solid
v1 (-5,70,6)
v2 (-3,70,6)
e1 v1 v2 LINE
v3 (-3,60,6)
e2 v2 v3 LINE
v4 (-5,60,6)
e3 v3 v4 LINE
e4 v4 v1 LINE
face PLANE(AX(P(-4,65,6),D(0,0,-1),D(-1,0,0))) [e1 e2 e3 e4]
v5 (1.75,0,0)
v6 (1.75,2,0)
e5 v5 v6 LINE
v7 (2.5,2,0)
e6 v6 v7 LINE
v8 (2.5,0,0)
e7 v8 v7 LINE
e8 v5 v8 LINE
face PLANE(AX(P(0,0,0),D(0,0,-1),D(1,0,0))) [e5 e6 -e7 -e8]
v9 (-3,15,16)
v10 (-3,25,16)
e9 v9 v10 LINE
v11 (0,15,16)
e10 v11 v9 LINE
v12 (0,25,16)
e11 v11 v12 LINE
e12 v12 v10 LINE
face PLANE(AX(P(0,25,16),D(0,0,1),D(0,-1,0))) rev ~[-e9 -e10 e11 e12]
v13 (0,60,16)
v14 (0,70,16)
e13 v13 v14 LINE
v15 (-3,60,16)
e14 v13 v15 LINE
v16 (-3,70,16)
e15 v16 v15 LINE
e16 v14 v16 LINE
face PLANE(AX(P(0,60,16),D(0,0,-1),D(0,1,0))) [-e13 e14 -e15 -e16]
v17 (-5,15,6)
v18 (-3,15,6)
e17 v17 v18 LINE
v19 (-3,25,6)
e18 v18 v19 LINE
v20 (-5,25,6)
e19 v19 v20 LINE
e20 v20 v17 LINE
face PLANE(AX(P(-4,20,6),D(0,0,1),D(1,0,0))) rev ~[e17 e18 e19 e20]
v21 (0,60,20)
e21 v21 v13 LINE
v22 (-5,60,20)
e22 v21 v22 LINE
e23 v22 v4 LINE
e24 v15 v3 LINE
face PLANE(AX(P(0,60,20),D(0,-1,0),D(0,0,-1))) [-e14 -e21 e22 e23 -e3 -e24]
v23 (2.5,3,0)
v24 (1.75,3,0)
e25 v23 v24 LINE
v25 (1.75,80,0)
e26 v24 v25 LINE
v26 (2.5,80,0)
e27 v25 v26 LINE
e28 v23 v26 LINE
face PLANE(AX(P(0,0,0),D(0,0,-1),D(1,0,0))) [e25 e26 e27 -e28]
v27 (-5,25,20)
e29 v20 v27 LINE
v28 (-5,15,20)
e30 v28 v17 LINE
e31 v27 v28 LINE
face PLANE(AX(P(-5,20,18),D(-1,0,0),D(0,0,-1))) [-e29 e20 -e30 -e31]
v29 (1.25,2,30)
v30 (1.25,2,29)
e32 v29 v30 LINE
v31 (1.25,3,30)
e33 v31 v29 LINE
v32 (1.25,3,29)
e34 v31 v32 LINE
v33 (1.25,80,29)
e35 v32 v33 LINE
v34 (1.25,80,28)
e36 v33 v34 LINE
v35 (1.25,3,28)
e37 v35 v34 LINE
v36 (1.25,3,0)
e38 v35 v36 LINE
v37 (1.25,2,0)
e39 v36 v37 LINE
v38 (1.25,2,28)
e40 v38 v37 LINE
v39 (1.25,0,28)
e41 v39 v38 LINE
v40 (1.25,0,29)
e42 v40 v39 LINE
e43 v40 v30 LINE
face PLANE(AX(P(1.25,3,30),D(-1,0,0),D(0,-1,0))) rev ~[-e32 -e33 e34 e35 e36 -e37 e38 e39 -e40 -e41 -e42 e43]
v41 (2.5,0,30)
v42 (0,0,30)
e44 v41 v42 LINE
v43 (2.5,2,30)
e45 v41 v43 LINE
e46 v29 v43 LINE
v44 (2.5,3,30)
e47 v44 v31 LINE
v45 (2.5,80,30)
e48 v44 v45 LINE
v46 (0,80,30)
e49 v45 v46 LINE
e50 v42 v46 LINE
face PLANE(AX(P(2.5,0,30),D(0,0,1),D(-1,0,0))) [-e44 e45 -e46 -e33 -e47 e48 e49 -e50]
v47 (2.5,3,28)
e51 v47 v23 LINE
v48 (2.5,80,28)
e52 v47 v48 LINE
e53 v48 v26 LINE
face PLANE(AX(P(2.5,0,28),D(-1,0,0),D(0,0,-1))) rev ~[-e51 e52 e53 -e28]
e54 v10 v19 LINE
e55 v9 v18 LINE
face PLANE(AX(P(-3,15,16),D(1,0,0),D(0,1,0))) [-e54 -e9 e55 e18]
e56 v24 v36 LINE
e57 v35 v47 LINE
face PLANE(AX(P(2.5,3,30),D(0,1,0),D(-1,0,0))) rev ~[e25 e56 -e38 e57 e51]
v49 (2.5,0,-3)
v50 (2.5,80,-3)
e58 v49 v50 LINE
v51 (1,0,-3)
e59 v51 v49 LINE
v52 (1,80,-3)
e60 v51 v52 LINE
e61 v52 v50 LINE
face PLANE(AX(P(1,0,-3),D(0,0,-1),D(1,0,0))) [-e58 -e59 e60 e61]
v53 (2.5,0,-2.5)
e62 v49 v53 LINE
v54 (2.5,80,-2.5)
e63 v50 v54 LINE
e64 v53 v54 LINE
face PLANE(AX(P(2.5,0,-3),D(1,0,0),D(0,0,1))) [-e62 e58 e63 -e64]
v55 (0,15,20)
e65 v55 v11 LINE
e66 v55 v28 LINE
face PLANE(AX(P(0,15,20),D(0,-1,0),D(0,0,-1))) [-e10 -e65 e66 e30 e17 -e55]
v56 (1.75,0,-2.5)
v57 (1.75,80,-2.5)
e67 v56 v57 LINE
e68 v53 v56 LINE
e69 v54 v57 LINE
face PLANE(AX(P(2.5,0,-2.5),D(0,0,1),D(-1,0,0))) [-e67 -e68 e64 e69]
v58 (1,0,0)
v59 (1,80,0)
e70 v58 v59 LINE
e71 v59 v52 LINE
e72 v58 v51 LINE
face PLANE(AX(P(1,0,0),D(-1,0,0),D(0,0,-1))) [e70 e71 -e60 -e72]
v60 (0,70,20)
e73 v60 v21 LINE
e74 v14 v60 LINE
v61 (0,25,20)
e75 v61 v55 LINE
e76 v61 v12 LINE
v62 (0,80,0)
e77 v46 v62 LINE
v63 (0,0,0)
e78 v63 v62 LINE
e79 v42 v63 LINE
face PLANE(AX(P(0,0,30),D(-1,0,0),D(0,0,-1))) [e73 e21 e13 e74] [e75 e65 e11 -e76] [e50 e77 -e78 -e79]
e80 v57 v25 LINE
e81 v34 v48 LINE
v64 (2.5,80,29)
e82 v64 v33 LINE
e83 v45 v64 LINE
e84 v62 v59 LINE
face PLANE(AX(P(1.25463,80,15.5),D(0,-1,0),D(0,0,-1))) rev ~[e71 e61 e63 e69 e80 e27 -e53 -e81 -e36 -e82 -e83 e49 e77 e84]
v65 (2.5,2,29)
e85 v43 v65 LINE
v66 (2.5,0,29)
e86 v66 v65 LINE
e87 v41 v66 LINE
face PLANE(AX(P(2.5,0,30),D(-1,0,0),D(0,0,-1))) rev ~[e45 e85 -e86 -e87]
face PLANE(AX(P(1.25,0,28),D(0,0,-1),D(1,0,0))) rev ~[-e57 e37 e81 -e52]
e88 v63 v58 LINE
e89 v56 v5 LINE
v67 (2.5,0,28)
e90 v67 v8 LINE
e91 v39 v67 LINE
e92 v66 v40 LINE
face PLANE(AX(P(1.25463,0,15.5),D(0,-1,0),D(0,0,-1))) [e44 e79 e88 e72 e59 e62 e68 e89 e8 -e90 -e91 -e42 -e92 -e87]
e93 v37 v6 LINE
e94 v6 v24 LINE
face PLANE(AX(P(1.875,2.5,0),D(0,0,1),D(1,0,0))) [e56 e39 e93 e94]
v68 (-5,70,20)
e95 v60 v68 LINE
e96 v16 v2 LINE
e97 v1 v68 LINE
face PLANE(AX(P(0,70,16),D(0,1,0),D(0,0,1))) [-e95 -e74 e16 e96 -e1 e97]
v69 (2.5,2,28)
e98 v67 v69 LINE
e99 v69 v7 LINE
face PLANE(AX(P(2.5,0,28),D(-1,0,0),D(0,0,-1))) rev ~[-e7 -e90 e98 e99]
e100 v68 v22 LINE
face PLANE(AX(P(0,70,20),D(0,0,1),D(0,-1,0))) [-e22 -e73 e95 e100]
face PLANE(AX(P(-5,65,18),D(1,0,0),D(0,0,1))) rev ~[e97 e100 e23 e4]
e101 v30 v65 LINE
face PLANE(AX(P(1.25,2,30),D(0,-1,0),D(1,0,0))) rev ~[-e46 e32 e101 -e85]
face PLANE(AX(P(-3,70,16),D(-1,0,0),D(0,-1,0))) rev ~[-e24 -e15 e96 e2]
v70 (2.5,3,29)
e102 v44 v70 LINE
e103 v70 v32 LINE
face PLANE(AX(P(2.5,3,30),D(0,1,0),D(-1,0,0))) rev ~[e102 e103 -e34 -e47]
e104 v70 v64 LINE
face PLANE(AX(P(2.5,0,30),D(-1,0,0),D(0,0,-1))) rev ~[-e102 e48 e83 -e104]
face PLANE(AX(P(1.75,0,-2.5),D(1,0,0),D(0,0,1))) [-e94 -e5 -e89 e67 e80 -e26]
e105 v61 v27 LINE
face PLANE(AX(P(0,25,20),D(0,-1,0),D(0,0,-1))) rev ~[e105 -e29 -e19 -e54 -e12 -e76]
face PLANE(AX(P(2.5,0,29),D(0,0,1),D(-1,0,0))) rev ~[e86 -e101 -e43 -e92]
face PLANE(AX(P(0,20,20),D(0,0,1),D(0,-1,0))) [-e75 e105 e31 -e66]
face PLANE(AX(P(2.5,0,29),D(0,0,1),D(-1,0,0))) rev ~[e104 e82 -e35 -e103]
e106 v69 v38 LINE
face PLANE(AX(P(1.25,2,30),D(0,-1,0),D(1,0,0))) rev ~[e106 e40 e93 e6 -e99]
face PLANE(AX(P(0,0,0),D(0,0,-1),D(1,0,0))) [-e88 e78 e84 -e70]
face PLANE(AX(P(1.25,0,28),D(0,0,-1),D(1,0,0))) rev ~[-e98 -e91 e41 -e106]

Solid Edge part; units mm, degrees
sketch "Sketch1" plane through (0, 0, 0) normal (0, -1, 0) x (1, 0, 0)
  line L0 (0, 30) -> (0, 0)
  line L1 (0, 0) -> (2.5, 0)
  line L2 (2.5, 28) -> (2.5, 0)
  line L3 (1.25, 28) -> (2.5, 28)
  line L4 (1.25, 29) -> (1.25, 28)
  line L5 (2.5, 29) -> (1.25, 29)
  line L6 (2.5, 30) -> (2.5, 29)
  line L7 (2.5, 30) -> (0, 30)
extrude "Protrusion1" add sketch "Sketch1" against normal blind 80
sketch "Sketch2" plane through (0, 0, 0) normal (0, -1, 0) x (1, 0, 0)
  line L0 (1.75, -2.5) -> (1.75, 0)
  line L1 (1, 0) -> (1.75, 0)
  line L2 (1, 0) -> (1, -3)
  line L3 (1, -3) -> (2.5, -3)
  line L4 (2.5, -3) -> (2.5, -2.5)
  line L5 (2.5, -2.5) -> (1.75, -2.5)
extrude "Vysunutí_2" add sketch "Sketch2" against normal blind 80
sketch "Sketch3" plane through (1.25, 40, 30) normal (0, 0, 1) x (0, 1, 0)
  line L0 (-37, 0) -> (-38, 0)
  line L1 (-38, 0) -> (-38, -1.25)
  line L2 (-38, -1.25) -> (-37, -1.25)
  line L3 (-37, -1.25) -> (-37, 0)
extrude "Cutout1" cut sketch "Sketch3" against normal blind 30
sketch "Sketch4" plane through (0, 40, 15) normal (-1, 0, 0) x (0, -1, 0)
  line L0 (-20, 5) -> (-20, 1)
  line L1 (-20, 1) -> (-30, 1)
  line L2 (-30, 1) -> (-30, 5)
  line L3 (-30, 5) -> (-20, 5)
  line L4 (15, 5) -> (15, 1)
  line L5 (15, 1) -> (20, 1)
  line L6 (25, 1) -> (20, 1)
  line L7 (25, 5) -> (25, 1)
  line L8 (20, 5) -> (25, 5)
  line L9 (20, 5) -> (15, 5)
extrude "Protrusion2" add sketch "Sketch4" along normal blind 5
sketch "Sketch5" plane through (-2.5, 20, 16) normal (0, 0, -1) x (1, 0, 0)
  line L0 (-2.5, -5) -> (-2.5, 5)
  line L1 (-2.5, 5) -> (-0.5, 5)
  line L2 (-0.5, 5) -> (-0.5, -5)
  line L3 (-0.5, -5) -> (-2.5, -5)
  line L4 (-0.5, -50) -> (-0.5, -40)
  line L5 (-0.5, -40) -> (-2.5, -40)
  line L6 (-2.5, -40) -> (-2.5, -50)
  line L7 (-2.5, -50) -> (-0.5, -50)
extrude "Vysunutí_4" add sketch "Sketch5" along normal blind 10
